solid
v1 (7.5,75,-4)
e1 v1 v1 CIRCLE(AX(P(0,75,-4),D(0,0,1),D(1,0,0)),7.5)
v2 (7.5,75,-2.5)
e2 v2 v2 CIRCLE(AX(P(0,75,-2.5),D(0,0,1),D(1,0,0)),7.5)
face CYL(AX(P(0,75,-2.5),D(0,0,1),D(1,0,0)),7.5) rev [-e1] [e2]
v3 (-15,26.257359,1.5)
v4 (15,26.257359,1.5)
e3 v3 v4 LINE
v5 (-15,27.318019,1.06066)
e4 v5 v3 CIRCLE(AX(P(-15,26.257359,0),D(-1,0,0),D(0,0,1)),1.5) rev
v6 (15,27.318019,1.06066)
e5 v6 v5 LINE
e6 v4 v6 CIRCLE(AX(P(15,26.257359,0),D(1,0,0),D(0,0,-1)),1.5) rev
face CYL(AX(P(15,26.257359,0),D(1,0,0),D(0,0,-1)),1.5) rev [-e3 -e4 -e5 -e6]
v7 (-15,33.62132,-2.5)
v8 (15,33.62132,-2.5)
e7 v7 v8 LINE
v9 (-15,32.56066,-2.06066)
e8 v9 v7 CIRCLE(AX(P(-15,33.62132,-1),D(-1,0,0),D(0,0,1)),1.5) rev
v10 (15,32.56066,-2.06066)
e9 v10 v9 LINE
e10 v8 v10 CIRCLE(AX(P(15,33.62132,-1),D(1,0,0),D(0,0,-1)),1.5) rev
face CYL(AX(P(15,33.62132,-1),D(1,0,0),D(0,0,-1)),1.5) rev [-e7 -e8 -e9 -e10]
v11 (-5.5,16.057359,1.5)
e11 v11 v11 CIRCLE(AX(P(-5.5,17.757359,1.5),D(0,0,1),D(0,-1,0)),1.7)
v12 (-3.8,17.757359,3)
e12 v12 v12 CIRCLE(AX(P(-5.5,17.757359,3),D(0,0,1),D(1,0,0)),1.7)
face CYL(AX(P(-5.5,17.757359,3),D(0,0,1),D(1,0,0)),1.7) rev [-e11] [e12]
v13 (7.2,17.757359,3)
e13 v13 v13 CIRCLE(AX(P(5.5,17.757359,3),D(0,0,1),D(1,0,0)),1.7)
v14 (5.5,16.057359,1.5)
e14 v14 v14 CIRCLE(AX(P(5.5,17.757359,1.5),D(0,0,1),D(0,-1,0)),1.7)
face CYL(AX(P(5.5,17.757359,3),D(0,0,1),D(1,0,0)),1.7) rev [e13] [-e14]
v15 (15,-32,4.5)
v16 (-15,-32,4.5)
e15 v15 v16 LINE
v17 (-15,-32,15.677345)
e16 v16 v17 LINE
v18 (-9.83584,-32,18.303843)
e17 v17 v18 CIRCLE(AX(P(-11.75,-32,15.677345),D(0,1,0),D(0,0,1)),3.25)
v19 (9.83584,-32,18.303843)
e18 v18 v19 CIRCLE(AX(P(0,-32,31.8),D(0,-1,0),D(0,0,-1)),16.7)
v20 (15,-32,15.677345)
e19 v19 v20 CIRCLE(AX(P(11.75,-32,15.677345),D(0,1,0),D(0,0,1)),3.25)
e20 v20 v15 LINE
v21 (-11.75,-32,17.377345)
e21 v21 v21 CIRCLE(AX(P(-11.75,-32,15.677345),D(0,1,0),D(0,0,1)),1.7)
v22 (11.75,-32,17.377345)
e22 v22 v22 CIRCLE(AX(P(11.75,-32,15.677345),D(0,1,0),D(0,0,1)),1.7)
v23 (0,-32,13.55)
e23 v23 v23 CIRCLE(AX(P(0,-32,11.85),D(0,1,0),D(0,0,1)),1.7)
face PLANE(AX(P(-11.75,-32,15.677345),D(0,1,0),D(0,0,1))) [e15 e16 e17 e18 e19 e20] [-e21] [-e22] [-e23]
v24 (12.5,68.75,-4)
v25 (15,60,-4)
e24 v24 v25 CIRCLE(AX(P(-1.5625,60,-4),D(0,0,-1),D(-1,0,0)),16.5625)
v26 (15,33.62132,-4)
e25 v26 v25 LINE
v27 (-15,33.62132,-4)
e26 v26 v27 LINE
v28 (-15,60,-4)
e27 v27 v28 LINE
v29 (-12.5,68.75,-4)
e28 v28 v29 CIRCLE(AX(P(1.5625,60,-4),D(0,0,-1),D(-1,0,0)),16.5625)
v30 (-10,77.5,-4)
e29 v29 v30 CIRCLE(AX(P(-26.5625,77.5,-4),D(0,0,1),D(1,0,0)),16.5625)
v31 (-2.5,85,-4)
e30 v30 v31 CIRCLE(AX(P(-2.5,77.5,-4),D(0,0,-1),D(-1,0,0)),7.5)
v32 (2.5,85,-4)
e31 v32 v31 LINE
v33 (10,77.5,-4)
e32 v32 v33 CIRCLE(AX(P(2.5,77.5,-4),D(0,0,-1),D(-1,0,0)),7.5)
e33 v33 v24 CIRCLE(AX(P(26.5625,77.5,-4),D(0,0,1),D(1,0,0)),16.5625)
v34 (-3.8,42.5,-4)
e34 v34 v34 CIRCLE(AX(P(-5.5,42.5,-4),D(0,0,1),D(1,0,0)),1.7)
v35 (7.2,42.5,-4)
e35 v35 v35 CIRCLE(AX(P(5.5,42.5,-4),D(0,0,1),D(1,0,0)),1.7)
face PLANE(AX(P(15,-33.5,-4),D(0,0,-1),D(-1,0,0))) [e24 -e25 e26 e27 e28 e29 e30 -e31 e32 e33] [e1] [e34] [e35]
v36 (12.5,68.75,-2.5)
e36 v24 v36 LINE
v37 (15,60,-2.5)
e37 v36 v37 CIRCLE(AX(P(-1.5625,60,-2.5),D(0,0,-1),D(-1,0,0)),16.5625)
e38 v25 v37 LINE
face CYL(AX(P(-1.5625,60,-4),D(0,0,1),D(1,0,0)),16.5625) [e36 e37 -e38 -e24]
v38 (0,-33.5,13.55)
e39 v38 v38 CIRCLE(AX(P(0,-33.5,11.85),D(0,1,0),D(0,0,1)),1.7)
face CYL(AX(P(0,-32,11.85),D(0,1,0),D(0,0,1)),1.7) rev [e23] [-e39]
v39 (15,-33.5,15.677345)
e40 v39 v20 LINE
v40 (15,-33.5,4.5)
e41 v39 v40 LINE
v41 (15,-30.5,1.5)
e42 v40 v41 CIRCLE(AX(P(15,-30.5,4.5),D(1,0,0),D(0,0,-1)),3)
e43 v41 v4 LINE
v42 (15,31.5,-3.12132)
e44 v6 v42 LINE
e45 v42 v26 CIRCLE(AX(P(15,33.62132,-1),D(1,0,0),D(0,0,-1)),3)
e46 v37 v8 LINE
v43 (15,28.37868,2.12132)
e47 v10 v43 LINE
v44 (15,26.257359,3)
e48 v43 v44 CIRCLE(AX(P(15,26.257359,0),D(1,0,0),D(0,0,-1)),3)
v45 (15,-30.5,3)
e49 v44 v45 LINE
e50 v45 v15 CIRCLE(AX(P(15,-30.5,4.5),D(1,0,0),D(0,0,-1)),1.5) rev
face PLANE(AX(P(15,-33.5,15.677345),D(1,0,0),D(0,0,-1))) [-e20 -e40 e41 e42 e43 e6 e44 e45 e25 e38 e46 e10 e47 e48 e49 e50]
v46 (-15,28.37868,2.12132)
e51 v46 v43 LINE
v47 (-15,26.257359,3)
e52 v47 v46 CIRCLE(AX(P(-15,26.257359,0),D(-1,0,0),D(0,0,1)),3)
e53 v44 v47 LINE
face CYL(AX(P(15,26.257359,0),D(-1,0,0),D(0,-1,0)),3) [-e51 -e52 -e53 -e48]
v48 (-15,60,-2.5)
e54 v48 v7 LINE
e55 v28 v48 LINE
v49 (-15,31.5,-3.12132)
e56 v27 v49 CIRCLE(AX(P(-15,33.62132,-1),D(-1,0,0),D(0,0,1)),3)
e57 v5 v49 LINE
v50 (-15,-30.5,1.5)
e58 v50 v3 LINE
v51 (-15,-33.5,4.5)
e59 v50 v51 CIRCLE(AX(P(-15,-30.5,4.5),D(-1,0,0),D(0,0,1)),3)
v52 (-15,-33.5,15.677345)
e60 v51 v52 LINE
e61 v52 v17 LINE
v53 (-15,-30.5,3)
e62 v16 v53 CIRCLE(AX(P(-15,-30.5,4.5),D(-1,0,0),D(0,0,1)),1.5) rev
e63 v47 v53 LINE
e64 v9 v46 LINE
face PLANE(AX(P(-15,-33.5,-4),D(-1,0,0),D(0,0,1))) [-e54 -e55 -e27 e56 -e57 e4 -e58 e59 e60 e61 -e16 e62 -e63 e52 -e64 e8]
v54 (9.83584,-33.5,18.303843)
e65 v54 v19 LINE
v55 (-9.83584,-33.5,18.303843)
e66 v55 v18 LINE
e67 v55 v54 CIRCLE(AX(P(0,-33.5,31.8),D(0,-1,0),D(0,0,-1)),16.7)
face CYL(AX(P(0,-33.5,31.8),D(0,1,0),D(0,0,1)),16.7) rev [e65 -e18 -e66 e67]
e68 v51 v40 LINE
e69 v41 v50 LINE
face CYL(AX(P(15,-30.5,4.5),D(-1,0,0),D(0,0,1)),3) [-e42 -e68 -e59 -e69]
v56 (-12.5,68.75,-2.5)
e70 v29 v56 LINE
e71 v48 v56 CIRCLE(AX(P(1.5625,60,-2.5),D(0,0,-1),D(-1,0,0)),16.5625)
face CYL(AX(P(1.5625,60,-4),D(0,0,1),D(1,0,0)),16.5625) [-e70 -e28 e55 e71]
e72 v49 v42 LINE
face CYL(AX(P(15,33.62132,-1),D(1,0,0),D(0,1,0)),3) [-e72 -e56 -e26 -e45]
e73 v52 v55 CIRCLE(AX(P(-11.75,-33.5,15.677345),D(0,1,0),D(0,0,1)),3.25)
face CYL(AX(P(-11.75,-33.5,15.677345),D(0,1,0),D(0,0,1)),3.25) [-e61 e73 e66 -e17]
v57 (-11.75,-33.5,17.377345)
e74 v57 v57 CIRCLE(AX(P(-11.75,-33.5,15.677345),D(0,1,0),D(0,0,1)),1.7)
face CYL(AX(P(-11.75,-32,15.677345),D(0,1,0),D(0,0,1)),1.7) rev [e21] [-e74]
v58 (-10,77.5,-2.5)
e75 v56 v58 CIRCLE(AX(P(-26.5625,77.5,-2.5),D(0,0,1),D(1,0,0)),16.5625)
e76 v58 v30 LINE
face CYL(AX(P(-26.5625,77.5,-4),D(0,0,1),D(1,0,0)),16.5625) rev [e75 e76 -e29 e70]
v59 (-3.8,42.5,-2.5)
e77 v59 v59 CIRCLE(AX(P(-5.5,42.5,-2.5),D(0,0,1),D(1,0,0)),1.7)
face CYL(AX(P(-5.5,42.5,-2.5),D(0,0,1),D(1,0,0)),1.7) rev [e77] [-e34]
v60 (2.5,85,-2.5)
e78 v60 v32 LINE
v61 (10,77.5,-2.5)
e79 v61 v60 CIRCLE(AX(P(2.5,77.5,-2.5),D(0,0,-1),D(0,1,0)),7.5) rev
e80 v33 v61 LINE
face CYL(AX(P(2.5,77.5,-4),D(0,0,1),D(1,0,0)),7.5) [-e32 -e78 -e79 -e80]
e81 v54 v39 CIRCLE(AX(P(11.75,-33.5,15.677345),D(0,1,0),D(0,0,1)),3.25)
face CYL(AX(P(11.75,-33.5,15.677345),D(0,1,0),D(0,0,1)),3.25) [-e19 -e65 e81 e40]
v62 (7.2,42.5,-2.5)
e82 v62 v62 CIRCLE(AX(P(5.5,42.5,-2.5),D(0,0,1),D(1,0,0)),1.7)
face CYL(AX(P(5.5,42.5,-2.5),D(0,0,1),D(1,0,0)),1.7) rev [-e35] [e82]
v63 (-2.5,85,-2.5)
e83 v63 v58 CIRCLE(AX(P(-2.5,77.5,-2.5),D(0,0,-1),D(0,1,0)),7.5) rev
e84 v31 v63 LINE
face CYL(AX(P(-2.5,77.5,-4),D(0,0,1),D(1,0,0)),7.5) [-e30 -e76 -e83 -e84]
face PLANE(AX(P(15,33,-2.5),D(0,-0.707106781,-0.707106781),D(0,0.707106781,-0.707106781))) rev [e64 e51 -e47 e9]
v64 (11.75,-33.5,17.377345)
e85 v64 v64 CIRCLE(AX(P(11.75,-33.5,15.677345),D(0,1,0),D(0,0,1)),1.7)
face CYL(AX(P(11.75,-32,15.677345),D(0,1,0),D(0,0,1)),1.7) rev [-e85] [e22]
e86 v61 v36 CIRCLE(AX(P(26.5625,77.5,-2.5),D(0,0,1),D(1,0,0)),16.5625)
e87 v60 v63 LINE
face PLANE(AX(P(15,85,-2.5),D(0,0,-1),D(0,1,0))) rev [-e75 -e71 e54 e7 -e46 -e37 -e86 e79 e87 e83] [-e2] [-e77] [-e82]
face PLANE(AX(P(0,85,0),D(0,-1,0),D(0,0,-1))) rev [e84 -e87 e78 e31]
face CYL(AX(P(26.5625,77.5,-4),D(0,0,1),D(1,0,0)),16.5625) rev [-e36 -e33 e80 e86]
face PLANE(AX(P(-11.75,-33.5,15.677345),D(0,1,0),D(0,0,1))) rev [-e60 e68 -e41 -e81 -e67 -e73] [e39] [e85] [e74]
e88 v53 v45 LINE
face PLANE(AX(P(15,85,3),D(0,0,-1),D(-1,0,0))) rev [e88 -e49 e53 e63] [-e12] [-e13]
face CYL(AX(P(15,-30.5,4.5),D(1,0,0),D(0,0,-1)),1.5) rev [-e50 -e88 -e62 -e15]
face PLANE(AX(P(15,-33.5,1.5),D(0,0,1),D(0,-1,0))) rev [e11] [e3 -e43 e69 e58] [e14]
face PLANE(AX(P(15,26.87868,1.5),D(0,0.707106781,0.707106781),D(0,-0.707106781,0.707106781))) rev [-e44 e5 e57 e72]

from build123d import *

# Parameters (mm, degrees)
EXTRUDE_1_DEPTH             = 1.5
SKETCH_2_W                  = 30
SKETCH_2_H                  = 7
EXTRUDE_2_DEPTH             = 117
CUT_EXTRUDE_1_DEPTH         = 93.104529713
CUT_EXTRUDE_2_DEPTH         = 89.933295899
CUT_EXTRUDE_3_DEPTH         = 89.933295899
CUT_EXTRUDE_4_DEPTH         = 93.104529713
HOLE_WIZARD_3_4_3_4_1_D     = 3.4
HOLE_WIZARD_3_4_3_4_1_DEPTH = 7
HOLE_WIZARD_3_4_3_4_2_D     = 3.4
HOLE_WIZARD_3_4_3_4_3_D     = 3.4
HOLE_WIZARD_15_0_15_1_D     = 15
FILLET_1_R                  = 1.5
FILLET_2_R                  = 3
FILLET_3_R                  = 7.5


with BuildPart() as part:
    # 草图1 → 凸台-拉伸1 (new body)
    with BuildSketch(Plane(origin=(0, -32, 0), x_dir=(1, 0, 0), z_dir=(0, 1, 0))):
        with BuildLine():
            Line((-15, 4), (-15, -15.677345132))
            ThreePointArc((-15, -15.677345132), (-13.223342916, -18.57419871), (-9.835839599, -18.303842792))
            ThreePointArc((-9.835839599, -18.303842792), (0, -15.1), (9.835839599, -18.303842792))
            ThreePointArc((9.835839599, -18.303842792), (13.223342916, -18.57419871), (15, -15.677345132))
            Line((15, -15.677345132), (15, 4))
            Line((15, 4), (-15, 4))
        make_face()
    extrude(amount=-EXTRUDE_1_DEPTH)

    # 草图2 → 凸台-拉伸2 (add)
    with BuildSketch(Plane(origin=(0, -32, 0), x_dir=(-1, 0, 0), z_dir=(0, 1, 0))):
        with Locations((0, -0.5)):
            Rectangle(SKETCH_2_W, SKETCH_2_H)
    extrude(amount=EXTRUDE_2_DEPTH)

    # 草图3 → 切除-拉伸1 (cut, through all)
    with BuildSketch(Plane.ZY.offset(15)):
        Polygon((3, 85), (-2.5, 85), (-2.5, 33), (3, 27.5), align=None)
    extrude(amount=-CUT_EXTRUDE_1_DEPTH, mode=Mode.SUBTRACT)

    # 草图4 → 切除-拉伸2 (cut, through all)
    with BuildSketch(Plane.XY.offset(-2.5)):
        with BuildLine():
            Line((-11.795428312, 85), (-15, 85))
            Line((-15, 85), (-15, 60))
            ThreePointArc((-15, 60), (-14.362740383, 64.550068681), (-12.5, 68.75))
            ThreePointArc((-12.5, 68.75), (-10.015546325, 76.782552918), (-11.795428312, 85))
        make_face()
    extrude(amount=-CUT_EXTRUDE_2_DEPTH, mode=Mode.SUBTRACT)

    # 草图5 → 切除-拉伸3 (cut, through all)
    with BuildSketch(Plane.XY.offset(-2.5)):
        with BuildLine():
            Line((15, 85), (11.795428312, 85))
            ThreePointArc((11.795428312, 85), (10.015546325, 76.782552918), (12.5, 68.75))
            ThreePointArc((12.5, 68.75), (14.362740383, 64.550068681), (15, 60))
            Line((15, 60), (15, 85))
        make_face()
    extrude(amount=-CUT_EXTRUDE_3_DEPTH, mode=Mode.SUBTRACT)

    # 草图6 → 切除-拉伸4 (cut, through all)
    with BuildSketch(Plane.ZY.offset(15)):
        Polygon((1.5, -33.5), (1.5, 26.878679656), (-4, 32.378679656), (-4, -33.5), align=None)
    extrude(amount=-CUT_EXTRUDE_4_DEPTH, mode=Mode.SUBTRACT)

    # Ø3.4 (3.4) 直径孔1
    with Locations(Plane.XY.offset(3)):
        with Locations((-5.5, 17.757359313), (5.5, 17.757359313)):
            Hole(HOLE_WIZARD_3_4_3_4_1_D / 2, depth=HOLE_WIZARD_3_4_3_4_1_DEPTH)

    # Ø3.4 (3.4) 直径孔2 (through all)
    with Locations(Plane.XY.offset(-2.5)):
        with Locations((-5.5, 42.5), (5.5, 42.5)):
            Hole(HOLE_WIZARD_3_4_3_4_2_D / 2)

    # Ø3.4 (3.4) 直径孔3 (through all)
    with Locations(Plane(origin=(0, -32, 0), x_dir=(1, 0, 0), z_dir=(0, 1, 0))):
        with Locations((-11.75, -15.677345132), (0, -11.85), (11.75, -15.677345132)):
            Hole(HOLE_WIZARD_3_4_3_4_3_D / 2)

    # Ø15.0 (15) 直径孔1 (through all)
    with Locations(Plane.XY.offset(-2.5)):
        with Locations((0, 75)):
            Hole(HOLE_WIZARD_15_0_15_1_D / 2)

    # 圆角1
    fillet_1_edges = [part.edges().sort_by_distance(p)[0] for p in [
        (0, -32, 3),
        (0, 33, -2.5),
        (0, 26.878679656, 1.5),
    ]]
    fillet(fillet_1_edges, radius=FILLET_1_R)

    # 圆角2
    fillet_2_edges = [part.edges().sort_by_distance(p)[0] for p in [
        (0, 27.5, 3),
        (0, -33.5, 1.5),
        (0, 32.378679656, -4),
    ]]
    fillet(fillet_2_edges, radius=FILLET_2_R)

    # 圆角3
    fillet_3_edges = [part.edges().sort_by_distance(p)[0] for p in [
        (-11.795428312, 85, -3.25),
        (11.795428312, 85, -3.25),
    ]]
    fillet(fillet_3_edges, radius=FILLET_3_R)


solid = part.part
